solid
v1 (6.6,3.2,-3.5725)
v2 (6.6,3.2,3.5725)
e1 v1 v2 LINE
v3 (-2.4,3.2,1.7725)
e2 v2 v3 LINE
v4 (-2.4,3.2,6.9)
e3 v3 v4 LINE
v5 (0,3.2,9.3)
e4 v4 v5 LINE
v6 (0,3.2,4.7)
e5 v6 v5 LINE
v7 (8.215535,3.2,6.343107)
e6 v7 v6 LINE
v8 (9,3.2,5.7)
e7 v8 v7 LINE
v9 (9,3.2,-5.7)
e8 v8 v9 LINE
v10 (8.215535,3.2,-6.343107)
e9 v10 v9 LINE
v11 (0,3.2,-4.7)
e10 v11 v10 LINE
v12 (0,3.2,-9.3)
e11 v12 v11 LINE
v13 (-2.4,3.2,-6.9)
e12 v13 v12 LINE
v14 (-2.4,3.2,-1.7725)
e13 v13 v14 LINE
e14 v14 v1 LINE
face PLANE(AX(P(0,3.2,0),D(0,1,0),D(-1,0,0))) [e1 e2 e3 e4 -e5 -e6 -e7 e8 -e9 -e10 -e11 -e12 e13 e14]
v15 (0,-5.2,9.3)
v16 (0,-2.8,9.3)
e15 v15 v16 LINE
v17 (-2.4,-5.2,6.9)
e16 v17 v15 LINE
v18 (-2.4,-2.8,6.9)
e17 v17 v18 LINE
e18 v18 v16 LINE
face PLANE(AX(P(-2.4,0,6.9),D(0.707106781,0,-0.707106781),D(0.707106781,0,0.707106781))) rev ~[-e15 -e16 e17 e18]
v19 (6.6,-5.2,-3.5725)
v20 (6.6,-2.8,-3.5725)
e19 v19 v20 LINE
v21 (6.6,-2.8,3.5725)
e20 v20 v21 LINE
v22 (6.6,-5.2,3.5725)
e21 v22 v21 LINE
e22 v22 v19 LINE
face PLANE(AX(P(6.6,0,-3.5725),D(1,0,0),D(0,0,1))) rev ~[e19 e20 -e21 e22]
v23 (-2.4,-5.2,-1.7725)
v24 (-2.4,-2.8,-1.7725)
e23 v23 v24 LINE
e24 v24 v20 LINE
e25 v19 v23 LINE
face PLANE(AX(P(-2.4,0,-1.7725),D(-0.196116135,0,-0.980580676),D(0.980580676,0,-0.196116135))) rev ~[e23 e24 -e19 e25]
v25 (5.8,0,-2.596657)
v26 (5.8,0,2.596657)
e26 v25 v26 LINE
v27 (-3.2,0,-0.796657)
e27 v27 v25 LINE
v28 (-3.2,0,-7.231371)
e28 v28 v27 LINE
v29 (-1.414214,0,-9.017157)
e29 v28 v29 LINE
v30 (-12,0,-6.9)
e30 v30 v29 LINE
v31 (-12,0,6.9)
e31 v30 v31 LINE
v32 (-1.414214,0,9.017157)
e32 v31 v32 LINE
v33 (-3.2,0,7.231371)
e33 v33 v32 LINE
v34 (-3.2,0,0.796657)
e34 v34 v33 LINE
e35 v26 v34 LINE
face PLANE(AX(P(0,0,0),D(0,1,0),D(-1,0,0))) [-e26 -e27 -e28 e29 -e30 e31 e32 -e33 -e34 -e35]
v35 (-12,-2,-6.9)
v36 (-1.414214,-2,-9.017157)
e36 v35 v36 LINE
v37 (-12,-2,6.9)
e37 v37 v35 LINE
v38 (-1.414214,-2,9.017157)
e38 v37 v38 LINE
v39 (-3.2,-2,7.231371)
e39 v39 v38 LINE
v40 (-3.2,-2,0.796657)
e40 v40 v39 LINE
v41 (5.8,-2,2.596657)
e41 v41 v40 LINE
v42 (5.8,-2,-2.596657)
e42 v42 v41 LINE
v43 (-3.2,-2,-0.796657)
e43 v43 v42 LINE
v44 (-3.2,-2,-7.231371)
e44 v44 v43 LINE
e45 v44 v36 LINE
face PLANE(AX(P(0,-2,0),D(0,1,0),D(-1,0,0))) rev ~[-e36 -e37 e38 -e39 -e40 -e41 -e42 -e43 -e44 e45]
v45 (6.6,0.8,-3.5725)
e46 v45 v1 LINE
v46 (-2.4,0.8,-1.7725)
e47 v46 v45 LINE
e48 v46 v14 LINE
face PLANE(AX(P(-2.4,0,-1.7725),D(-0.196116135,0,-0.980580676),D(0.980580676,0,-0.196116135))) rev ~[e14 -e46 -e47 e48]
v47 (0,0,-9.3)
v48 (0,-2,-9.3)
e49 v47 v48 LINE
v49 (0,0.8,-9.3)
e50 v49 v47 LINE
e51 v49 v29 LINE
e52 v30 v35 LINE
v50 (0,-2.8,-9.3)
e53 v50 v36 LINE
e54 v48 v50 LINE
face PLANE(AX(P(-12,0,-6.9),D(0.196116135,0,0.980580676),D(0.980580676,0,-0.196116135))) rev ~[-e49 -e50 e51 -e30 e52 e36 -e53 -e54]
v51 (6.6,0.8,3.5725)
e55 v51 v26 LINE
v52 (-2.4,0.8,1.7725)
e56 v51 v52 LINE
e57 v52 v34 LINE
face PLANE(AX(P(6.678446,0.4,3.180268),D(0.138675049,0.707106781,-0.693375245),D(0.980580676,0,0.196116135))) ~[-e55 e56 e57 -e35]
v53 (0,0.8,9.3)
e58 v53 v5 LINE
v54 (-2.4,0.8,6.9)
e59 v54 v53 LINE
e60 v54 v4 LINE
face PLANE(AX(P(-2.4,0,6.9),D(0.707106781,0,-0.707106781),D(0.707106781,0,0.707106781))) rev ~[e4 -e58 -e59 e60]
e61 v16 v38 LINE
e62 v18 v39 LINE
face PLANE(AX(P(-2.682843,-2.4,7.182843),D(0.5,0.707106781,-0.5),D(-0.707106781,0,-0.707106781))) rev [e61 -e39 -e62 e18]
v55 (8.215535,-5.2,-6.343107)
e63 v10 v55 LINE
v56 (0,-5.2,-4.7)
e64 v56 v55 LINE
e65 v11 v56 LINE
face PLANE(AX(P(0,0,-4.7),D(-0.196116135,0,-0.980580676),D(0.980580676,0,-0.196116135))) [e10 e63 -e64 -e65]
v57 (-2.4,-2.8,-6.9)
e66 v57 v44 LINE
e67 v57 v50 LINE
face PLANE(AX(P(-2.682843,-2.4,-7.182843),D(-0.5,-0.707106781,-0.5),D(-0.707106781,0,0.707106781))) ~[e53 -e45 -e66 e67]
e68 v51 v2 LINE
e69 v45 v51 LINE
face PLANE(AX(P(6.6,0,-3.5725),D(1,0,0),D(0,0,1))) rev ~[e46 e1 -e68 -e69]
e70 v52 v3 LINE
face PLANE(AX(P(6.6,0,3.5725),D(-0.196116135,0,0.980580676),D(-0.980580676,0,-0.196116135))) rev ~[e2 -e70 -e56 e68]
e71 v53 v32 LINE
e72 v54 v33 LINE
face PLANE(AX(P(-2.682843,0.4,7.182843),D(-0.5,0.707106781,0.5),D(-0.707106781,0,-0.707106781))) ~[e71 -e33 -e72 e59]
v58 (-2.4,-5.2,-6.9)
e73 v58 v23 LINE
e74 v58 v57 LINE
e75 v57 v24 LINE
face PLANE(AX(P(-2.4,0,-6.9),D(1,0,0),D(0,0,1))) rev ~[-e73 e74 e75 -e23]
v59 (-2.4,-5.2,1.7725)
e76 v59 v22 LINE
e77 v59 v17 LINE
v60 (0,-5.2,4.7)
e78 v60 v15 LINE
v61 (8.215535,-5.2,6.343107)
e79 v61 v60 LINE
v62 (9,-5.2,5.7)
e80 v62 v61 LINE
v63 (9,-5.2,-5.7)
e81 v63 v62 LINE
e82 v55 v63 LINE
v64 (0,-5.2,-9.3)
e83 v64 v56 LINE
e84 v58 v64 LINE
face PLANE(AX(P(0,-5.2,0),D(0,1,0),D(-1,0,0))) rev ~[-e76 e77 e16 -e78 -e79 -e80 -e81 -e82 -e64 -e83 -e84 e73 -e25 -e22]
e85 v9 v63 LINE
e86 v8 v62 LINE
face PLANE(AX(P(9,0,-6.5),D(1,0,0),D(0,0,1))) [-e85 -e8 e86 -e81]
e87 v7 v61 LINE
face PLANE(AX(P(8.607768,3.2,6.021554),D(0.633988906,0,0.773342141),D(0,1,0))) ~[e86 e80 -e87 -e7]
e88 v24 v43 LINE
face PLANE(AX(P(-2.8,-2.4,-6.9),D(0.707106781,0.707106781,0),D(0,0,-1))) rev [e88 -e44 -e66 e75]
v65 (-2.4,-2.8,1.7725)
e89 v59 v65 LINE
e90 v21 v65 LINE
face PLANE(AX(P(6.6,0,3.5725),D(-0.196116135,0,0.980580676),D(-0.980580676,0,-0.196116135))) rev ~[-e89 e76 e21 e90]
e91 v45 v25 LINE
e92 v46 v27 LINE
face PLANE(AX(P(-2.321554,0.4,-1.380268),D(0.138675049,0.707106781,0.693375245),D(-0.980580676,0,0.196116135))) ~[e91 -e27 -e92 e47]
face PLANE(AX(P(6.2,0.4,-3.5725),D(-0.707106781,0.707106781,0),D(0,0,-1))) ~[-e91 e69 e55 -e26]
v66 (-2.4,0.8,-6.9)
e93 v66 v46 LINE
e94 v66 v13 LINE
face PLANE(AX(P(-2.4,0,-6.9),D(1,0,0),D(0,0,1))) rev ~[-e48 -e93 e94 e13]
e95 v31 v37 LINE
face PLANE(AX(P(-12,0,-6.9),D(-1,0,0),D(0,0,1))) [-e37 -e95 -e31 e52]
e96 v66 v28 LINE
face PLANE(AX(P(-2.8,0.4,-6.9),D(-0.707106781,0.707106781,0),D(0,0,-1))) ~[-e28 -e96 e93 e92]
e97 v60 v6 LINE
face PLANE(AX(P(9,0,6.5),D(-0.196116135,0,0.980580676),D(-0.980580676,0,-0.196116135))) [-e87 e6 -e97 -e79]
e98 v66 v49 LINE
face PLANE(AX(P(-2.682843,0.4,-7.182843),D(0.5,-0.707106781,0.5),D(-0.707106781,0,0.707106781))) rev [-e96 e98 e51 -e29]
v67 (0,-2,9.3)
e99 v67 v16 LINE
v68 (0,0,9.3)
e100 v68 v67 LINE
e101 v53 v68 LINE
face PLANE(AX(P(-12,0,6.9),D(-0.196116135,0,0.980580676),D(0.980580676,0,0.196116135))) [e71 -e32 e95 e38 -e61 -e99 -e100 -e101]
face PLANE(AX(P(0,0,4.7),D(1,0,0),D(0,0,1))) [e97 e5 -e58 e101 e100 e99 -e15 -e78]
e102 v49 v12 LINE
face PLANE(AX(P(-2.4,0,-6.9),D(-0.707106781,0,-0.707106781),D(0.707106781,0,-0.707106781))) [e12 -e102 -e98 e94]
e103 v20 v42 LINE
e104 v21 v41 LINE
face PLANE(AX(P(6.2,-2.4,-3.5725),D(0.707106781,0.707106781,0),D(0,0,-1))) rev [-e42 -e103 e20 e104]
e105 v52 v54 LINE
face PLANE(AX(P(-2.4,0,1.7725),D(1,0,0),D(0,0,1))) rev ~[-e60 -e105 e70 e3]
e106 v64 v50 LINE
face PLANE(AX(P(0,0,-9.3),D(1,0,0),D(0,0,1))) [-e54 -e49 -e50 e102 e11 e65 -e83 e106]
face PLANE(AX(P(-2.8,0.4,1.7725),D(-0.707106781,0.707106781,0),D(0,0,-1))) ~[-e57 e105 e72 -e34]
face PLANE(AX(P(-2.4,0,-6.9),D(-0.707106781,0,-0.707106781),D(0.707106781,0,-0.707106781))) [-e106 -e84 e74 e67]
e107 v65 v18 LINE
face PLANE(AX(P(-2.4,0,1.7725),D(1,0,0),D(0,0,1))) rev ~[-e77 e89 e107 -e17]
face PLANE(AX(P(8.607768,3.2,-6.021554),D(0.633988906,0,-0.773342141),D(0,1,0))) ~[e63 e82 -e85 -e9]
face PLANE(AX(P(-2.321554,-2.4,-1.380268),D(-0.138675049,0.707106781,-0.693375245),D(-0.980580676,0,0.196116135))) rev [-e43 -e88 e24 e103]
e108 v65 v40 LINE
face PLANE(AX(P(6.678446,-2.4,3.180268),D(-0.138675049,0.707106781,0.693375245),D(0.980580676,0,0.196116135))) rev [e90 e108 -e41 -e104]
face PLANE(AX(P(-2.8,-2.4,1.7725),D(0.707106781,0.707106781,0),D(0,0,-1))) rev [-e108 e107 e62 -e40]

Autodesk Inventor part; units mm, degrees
ref_plane "YZ Plane" through (0, 0, 0) normal (1, 0, 0) x (0, 1, 0)
ref_plane "XZ Plane" through (0, 0, 0) normal (0, 1, 0) x (-1, 0, 0)
ref_plane "XY Plane" through (0, 0, 0) normal (0, 0, 1) x (1, 0, 0)
sketch "スケッチ1" plane through (0, 0, 0) normal (0, 1, 0) x (-1, 0, 0)
  line L0 (0, -13.02) -> (0, 13.02) projected
  line L1 (-13.2, 0) -> (16.2, 0) projected
  line L2 (0, -4.7) -> (-9, -6.5)
  line L3 (-9, -6.5) -> (-9, 6.5)
  line L4 (-9, 6.5) -> (0, 4.7)
  line L5 (0, -9.3) -> (0, -4.7)
  line L6 (0, 4.7) -> (0, 9.3)
  line L7 (2.4, -1.7725) -> (-6.6, -3.5725)
  line L8 (-6.6, -3.5725) -> (-6.6, 3.5725)
  line L9 (-6.6, 3.5725) -> (2.4, 1.7725)
  line L10 (2.4, -6.9) -> (2.4, -1.7725)
  line L11 (2.4, 1.7725) -> (2.4, 6.9)
  line L12 (2.4, -6.9) -> (0, -9.3)
  line L13 (2.4, 6.9) -> (0, 9.3)
  line L14 (12, -6.9) -> (12, 6.9)
  line L15 (12, 6.9) -> (0, 9.3)
  line L16 (12, -6.9) -> (0, -9.3)
  point P0 (0, 0)
  point P1 (0, 9.3)
  point P2 (0, -9.3)
  dimension "d2" = 9
  dimension "d3" = 13
  dimension "d5" = 9.4
  dimension "d13" = 2.4
  dimension "d14" = 2.4
  dimension "d15" = 2.4
  dimension "d24" = 2.4
  dimension "d63" = 2.4
  dimension "d64" = 18.6
  dimension "d65" = 12
  dimension "d74" = 18.6
  dimension "d75" = 2.4
extrude "押し出し2" add sketch "スケッチ1" along normal blind 3.2 and the other way blind 5.2 contours L0 L7 L10 L12 | L2 L3 L1 L8 L7 L0 | L3 L4 L0 L9 L8 L1 | L0 L13 L11 L9
extrude "押し出し1" add sketch "スケッチ1" against normal blind 2
chamfer "面取り4" distance 0.8 angle 45 2 edges at (9, -1, 6.5) (9, -1, -6.5)
chamfer "面取り5" distance 0.8 angle 45 14 edges at (2.1, 0, -2.6725) (6.6, 0, 0) (-2.4, 0, -4.3362) (2.1, 0, 2.6725) (-2.4, 0, 4.3362) (-1.2, 0, 8.1) (-1.2, 0, -8.1) (-1.2, -2, 8.1) (-2.4, -2, 4.3362) (2.1, -2, 2.6725) (6.6, -2, 0) (2.1, -2, -2.6725) (-2.4, -2, -4.3362) (-1.2, -2, -8.1)
equation "\"d2\" = JointMH"
equation "\"d3\" = JointMW1 - 2 * cp"
equation "\"d5\" = JointMW2 - 2 * cp"
equation "\"d13\" = InnerWall"
equation "\"d14\" = InnerWall"
equation "\"d15\" = InnerWall"
equation "\"d24\" = InnerWall"
equation "\"rib\" = 0.5"
equation "\"gap\" = 0.2"
equation "\"JointMH\" = 9"
equation "\"JointMW1\" = 13"
equation "\"cp\" = 0"
equation "\"JointMW2\" = 9.4"
equation "\"InnerWall\" = 2.4"
properties part number "StraightRais-215" material "ABS プラスチック"
